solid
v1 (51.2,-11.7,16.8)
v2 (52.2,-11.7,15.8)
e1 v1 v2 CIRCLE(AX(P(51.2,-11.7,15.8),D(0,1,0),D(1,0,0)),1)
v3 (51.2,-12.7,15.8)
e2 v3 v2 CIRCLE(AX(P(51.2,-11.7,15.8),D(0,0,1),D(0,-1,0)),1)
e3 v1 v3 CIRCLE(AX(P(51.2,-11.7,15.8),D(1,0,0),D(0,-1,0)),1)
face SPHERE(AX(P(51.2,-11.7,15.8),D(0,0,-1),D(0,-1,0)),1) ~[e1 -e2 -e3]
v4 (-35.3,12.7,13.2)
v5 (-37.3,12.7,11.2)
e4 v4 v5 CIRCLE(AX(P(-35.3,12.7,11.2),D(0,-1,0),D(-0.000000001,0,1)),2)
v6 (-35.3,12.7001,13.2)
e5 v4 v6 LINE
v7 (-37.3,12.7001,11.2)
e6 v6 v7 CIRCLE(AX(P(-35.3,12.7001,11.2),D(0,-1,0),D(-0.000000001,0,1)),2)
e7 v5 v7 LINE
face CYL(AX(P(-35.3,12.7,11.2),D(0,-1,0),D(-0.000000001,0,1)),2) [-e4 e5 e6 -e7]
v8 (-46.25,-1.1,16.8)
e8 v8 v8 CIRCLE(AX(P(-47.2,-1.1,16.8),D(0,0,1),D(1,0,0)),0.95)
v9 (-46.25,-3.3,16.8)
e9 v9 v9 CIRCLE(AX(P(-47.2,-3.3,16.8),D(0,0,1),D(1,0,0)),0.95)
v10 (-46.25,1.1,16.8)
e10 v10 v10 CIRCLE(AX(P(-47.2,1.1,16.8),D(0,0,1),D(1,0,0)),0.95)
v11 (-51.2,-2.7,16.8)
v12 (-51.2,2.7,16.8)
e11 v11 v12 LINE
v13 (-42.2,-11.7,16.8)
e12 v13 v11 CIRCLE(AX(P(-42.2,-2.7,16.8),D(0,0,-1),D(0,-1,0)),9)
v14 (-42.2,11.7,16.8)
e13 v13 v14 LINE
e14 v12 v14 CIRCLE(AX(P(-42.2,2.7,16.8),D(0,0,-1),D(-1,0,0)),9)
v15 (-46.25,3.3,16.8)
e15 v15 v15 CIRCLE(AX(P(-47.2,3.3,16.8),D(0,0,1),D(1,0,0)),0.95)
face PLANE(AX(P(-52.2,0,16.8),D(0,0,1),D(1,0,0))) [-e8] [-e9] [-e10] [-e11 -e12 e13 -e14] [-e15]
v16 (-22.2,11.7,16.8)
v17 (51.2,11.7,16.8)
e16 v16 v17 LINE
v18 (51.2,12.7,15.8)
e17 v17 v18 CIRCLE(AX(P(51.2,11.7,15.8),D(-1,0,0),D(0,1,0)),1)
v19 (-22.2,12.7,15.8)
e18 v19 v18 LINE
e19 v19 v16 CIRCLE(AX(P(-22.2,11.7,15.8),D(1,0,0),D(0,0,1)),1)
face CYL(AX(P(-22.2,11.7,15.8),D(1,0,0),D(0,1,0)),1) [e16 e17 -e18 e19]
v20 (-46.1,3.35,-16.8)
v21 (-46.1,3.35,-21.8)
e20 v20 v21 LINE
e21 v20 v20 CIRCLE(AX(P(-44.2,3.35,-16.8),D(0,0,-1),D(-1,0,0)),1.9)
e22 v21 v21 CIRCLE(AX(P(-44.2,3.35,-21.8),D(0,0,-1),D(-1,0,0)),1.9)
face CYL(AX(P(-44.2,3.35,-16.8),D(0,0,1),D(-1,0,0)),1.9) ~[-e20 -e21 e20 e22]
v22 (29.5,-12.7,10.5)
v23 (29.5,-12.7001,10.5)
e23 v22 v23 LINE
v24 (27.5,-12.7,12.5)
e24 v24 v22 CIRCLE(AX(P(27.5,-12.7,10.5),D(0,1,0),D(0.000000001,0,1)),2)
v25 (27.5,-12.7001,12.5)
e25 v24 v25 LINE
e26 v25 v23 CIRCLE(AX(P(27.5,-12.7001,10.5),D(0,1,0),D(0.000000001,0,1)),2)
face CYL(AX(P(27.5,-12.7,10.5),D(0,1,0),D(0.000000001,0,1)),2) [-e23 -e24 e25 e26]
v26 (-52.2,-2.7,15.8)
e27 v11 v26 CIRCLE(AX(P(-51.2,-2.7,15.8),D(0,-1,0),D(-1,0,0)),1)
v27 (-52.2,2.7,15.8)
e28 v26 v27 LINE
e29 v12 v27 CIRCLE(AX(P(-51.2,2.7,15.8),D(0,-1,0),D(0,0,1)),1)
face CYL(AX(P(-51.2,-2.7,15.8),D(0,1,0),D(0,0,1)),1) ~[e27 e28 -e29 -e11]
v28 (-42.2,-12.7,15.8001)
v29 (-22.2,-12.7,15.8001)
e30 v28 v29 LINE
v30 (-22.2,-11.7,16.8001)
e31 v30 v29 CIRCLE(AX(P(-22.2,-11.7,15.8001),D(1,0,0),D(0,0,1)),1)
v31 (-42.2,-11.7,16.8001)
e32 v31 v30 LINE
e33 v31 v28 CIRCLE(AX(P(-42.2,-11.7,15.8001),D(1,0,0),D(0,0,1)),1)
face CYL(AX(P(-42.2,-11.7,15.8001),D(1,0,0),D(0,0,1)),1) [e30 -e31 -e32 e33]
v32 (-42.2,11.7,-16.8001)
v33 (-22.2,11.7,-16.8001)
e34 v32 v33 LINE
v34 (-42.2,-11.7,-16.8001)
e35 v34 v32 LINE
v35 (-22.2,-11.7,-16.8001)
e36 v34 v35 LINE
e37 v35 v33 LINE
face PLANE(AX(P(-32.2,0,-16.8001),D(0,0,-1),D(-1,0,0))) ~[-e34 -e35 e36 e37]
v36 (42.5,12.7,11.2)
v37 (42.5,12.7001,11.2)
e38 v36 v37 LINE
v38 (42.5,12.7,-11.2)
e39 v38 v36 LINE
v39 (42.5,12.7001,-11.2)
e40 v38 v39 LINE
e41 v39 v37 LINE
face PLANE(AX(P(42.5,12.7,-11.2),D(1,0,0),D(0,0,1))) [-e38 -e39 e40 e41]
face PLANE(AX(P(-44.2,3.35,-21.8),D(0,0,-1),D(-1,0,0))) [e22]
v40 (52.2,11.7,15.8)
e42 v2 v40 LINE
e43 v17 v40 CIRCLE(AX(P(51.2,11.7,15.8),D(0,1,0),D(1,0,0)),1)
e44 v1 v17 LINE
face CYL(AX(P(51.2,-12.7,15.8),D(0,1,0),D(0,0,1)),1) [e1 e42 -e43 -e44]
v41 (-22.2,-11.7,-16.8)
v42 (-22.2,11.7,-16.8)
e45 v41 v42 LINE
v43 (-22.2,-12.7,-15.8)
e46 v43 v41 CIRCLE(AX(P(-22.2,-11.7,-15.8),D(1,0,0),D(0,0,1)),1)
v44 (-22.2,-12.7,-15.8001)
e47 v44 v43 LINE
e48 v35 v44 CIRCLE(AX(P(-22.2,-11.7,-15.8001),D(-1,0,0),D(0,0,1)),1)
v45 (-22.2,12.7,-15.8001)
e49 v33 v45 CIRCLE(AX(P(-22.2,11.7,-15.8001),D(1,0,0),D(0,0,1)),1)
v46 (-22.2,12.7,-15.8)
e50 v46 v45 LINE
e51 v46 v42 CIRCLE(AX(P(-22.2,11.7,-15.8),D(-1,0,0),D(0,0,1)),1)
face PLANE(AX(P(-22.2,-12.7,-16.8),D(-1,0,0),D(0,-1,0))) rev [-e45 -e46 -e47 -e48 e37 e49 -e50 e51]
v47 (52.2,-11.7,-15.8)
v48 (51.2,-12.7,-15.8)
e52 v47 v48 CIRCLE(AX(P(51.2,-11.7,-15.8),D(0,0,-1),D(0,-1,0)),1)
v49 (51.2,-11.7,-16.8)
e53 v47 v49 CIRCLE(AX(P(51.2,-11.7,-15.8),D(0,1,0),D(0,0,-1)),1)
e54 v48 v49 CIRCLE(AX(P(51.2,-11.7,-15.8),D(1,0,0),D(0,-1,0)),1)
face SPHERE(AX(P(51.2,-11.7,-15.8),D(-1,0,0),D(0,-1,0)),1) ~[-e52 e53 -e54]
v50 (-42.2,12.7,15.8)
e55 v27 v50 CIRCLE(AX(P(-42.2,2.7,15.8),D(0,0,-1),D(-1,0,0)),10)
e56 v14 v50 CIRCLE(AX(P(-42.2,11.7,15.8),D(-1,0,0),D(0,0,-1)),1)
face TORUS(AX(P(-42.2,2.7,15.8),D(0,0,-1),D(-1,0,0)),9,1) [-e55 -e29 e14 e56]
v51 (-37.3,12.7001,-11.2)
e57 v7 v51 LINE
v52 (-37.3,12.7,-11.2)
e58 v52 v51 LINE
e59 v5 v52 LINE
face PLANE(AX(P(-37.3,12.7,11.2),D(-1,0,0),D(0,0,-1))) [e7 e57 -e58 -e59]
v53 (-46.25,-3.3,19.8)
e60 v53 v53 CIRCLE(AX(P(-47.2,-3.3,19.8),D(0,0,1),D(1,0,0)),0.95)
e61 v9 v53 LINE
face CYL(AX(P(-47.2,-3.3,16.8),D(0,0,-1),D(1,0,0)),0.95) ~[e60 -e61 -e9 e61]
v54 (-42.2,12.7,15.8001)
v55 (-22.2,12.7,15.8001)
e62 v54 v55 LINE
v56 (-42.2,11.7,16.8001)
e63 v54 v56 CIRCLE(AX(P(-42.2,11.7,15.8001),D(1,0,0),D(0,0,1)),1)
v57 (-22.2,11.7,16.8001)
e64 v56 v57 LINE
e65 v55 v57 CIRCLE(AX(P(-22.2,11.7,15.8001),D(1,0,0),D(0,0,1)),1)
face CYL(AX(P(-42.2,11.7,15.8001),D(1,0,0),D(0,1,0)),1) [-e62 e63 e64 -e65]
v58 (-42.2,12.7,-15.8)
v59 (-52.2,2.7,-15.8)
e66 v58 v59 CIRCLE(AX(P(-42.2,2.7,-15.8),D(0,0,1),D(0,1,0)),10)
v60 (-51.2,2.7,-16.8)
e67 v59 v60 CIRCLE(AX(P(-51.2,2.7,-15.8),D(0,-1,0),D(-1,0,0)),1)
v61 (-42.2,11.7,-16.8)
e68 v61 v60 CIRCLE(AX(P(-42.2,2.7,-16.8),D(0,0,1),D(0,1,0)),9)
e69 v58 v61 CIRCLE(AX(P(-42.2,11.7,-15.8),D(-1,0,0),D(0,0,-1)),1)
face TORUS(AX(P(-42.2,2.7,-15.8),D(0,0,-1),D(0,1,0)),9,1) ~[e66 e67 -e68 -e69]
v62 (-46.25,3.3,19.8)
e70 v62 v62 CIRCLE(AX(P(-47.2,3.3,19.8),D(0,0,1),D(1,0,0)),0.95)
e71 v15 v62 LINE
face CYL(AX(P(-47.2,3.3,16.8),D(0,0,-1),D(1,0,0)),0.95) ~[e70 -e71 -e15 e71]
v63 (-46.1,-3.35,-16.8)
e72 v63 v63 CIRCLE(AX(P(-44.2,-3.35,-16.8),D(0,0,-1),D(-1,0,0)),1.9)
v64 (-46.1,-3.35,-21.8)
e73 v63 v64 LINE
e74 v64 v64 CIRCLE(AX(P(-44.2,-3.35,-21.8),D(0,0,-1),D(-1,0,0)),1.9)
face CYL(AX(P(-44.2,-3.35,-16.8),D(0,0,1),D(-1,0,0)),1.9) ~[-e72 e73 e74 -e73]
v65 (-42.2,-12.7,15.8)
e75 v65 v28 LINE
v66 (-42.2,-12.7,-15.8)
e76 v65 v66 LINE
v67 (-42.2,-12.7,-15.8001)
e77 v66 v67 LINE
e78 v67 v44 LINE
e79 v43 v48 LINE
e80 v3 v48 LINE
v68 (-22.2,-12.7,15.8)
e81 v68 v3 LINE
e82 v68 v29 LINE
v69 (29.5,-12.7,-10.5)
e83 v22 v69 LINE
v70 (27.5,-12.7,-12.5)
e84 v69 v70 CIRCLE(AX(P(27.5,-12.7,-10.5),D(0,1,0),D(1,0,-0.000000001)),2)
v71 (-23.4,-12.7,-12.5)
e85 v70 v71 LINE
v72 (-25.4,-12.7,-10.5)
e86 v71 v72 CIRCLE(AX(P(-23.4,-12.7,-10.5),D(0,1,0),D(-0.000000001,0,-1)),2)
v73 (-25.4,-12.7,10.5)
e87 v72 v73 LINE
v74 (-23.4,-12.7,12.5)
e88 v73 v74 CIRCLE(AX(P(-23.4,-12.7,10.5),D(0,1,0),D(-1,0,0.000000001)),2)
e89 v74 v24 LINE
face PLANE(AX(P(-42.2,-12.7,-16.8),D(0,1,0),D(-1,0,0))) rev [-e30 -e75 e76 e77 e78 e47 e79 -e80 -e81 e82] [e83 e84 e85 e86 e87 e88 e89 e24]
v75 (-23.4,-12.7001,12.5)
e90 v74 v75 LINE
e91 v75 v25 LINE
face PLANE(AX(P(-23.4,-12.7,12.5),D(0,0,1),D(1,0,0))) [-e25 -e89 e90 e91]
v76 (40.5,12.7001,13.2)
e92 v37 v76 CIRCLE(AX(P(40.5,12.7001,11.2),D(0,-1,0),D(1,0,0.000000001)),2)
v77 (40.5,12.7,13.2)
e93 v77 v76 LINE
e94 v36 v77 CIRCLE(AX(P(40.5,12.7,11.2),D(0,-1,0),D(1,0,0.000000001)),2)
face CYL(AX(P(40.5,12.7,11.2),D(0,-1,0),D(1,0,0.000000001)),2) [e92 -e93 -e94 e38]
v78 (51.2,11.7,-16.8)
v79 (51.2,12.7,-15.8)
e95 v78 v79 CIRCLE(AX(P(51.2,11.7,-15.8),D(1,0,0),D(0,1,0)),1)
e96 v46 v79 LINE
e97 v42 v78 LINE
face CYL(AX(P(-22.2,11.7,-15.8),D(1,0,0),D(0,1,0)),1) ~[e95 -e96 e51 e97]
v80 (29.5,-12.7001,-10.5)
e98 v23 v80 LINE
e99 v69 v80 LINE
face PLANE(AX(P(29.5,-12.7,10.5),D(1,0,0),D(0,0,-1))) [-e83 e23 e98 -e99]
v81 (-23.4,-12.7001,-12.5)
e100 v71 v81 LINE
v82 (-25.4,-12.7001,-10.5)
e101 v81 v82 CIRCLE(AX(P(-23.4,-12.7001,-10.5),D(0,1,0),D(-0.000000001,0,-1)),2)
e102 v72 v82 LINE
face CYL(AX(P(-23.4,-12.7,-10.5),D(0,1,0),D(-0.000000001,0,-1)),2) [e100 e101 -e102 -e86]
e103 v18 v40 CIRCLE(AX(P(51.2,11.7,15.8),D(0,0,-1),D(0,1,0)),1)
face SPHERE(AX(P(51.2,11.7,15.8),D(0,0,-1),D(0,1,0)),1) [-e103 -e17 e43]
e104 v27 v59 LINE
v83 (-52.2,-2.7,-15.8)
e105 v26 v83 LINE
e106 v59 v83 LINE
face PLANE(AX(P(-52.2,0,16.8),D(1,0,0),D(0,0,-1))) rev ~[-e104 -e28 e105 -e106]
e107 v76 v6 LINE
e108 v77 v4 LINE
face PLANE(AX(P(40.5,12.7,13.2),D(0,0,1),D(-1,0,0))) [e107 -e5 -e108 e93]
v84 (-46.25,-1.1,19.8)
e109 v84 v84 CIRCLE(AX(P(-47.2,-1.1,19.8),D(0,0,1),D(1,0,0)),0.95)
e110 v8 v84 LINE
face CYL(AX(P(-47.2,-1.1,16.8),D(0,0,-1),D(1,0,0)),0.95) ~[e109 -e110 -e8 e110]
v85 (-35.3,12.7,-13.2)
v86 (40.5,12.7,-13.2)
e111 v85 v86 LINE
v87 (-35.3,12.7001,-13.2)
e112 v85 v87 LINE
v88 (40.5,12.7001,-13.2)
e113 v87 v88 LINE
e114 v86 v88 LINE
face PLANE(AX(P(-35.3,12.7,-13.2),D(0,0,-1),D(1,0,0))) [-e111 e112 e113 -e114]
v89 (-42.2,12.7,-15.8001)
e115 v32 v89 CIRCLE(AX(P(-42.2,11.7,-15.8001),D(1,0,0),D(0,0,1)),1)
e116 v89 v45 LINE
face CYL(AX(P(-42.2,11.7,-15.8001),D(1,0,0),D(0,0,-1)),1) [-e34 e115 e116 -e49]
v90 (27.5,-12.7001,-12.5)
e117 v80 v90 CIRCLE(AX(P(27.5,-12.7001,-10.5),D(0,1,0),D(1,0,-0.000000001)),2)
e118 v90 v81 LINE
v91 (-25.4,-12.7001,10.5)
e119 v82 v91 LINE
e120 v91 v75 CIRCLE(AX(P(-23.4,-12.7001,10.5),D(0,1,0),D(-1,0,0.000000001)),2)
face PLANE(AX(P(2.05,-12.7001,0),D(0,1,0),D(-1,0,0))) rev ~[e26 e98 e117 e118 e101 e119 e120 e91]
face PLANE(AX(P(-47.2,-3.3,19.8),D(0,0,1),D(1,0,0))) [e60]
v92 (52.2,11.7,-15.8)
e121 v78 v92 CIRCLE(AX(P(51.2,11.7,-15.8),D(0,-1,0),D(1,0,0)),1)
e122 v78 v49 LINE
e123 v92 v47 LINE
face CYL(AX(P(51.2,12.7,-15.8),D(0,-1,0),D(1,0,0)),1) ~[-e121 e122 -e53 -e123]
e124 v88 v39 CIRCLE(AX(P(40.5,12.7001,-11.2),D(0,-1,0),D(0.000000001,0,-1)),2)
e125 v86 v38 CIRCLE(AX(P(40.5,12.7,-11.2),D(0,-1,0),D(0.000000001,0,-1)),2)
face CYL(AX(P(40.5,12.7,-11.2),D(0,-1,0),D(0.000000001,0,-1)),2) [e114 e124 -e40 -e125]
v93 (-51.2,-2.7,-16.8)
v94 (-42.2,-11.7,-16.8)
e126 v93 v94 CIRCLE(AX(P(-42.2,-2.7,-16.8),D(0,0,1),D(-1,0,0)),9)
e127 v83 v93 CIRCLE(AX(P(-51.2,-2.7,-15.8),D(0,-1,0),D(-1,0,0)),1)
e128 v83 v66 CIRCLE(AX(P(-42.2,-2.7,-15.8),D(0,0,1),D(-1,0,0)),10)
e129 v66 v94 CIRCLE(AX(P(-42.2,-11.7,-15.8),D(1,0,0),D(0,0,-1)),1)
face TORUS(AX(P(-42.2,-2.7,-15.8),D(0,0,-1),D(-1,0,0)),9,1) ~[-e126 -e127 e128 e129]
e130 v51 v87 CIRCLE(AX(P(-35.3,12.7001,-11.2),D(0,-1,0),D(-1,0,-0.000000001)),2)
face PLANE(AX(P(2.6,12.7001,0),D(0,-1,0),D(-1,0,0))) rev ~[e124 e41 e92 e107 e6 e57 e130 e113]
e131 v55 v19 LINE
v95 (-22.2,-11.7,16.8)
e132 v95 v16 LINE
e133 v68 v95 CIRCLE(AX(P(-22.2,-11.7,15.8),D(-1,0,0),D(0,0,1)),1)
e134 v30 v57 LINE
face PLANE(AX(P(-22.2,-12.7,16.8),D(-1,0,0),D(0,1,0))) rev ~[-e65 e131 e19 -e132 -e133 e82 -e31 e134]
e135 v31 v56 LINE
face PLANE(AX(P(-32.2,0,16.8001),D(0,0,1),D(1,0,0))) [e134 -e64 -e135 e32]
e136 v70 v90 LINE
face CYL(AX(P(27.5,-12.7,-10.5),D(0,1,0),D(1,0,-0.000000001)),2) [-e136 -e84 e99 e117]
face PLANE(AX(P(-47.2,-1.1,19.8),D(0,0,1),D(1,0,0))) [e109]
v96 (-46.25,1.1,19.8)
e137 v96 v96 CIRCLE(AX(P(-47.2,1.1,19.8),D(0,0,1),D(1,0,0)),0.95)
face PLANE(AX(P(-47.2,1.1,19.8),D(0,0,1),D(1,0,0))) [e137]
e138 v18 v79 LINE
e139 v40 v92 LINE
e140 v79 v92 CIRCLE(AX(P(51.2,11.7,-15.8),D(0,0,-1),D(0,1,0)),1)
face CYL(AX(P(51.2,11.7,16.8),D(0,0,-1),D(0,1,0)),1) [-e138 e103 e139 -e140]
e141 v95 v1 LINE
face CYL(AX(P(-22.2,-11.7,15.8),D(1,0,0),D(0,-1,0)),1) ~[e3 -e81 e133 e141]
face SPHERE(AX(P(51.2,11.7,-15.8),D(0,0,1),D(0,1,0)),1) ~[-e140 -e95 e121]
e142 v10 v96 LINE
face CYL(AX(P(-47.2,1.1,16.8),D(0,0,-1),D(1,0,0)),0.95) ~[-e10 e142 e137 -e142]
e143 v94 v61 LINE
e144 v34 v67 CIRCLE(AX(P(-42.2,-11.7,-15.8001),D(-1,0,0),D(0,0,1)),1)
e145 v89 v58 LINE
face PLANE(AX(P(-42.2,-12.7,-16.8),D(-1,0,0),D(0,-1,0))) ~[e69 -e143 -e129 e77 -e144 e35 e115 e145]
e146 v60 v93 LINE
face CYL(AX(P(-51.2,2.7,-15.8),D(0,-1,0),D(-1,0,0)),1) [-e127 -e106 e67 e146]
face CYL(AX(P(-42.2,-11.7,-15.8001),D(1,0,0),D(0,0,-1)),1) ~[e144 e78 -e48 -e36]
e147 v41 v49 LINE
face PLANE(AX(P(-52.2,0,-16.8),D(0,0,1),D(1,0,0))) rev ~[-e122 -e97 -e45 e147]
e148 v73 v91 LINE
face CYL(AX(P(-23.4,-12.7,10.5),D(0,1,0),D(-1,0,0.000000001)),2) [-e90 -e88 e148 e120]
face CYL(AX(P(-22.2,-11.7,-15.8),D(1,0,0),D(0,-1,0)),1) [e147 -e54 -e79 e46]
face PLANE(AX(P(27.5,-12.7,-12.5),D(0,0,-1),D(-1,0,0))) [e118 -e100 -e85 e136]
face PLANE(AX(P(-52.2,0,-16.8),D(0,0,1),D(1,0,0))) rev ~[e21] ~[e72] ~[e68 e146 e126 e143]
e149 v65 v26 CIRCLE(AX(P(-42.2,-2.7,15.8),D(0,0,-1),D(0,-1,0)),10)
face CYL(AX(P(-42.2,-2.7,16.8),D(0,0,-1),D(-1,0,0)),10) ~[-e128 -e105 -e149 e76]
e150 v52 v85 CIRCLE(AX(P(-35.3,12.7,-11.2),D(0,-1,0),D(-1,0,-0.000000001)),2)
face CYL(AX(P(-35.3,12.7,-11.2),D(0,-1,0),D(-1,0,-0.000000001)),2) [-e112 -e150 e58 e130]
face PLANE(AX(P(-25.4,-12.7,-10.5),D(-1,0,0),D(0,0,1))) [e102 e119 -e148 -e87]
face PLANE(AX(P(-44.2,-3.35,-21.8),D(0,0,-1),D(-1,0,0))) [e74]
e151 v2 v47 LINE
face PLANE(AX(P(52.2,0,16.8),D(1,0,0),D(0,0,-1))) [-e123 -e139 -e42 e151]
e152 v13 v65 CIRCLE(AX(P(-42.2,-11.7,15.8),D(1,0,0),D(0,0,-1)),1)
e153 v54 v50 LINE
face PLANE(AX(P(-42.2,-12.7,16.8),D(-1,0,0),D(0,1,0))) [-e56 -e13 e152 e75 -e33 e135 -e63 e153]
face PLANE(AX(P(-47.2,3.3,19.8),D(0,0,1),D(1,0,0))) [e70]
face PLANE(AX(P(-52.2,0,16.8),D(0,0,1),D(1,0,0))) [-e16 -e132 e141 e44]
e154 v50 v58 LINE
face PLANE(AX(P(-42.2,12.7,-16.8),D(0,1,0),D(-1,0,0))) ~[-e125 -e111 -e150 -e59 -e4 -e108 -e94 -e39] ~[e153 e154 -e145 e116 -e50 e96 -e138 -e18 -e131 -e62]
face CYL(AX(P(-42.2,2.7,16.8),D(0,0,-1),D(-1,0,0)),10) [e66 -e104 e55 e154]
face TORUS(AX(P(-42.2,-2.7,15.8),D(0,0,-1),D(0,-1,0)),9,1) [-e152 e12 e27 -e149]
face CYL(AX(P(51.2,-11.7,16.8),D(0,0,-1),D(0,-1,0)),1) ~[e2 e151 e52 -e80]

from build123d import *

# Parameters (mm, degrees)
SKETCH1_W           = 104.4
SKETCH1_H           = 33.6
BOSS_EXTRUDE1_DEPTH = 12.7
FILLET1_R           = 10
SKETCH2_R           = 1.9
BOSS_EXTRUDE2_DEPTH = 5
SKETCH4_R           = 0.95
BOSS_EXTRUDE3_DEPTH = 3
SKETCH5_W           = 20
SKETCH5_H           = 25.4
BOSS_EXTRUDE4_DEPTH = 0.0001
BOSS_EXTRUDE5_DEPTH = 0.0001
BOSS_EXTRUDE6_DEPTH = 0.0001
FILLET7_R           = 1
FILLET8_R           = 1


with BuildPart() as part:
    # Sketch1 → Boss-Extrude1 (new body, symmetric)
    with BuildSketch(Plane(origin=(0, 0, 0), x_dir=(1, 0, 0), z_dir=(0, 1, 0))):
        Rectangle(SKETCH1_W, SKETCH1_H)
    extrude(amount=BOSS_EXTRUDE1_DEPTH, both=True)

    # Fillet1
    fillet1_edges = [part.edges().sort_by_distance(p)[0] for p in [
        (-52.2, 12.7, 0),
        (-52.2, -12.7, 0),
    ]]
    fillet(fillet1_edges, radius=FILLET1_R)

    # Sketch2 → Boss-Extrude2 (add)
    with BuildSketch(Plane(origin=(0, 0, -16.8), x_dir=(-1, 0, 0), z_dir=(0, 0, -1))):
        with Locations((44.2, 3.35)):
            Circle(SKETCH2_R)
        with Locations((44.2, -3.35)):
            Circle(SKETCH2_R)
    extrude(amount=BOSS_EXTRUDE2_DEPTH)

    # Sketch4 → Boss-Extrude3 (add)
    with BuildSketch(Plane.XY.offset(16.8)):
        with Locations((-47.2, 3.3)):
            Circle(SKETCH4_R)
        with Locations((-47.2, 1.1)):
            Circle(SKETCH4_R)
        with Locations((-47.2, -1.1)):
            Circle(SKETCH4_R)
        with Locations((-47.2, -3.3)):
            Circle(SKETCH4_R)
    extrude(amount=BOSS_EXTRUDE3_DEPTH)

    # Sketch5 → Boss-Extrude4 (add)
    with BuildSketch(Plane.XY.offset(16.8)):
        with Locations((-32.2, 0)):
            Rectangle(SKETCH5_W, SKETCH5_H)
    boss_extrude4 = extrude(amount=BOSS_EXTRUDE4_DEPTH)

    # Mirror1: Boss-Extrude4 across plane
    add(boss_extrude4.mirror(Plane.XY))

    # Mirror1 at the second plane: Boss-Extrude4 across plane
    add(boss_extrude4.mirror(Plane.ZX))

    # Sketch6 → Boss-Extrude5 (add)
    with BuildSketch(Plane(origin=(0, 12.7, 0), x_dir=(1, 0, 0), z_dir=(0, 1, 0))):
        with BuildLine():
            Line((-35.3, 13.2), (40.5, 13.2))
            ThreePointArc((40.5, 13.2), (41.914213562, 12.614213562), (42.5, 11.2))
            Line((42.5, 11.2), (42.5, -11.2))
            ThreePointArc((42.5, -11.2), (41.914213562, -12.614213562), (40.5, -13.2))
            Line((40.5, -13.2), (-35.3, -13.2))
            ThreePointArc((-35.3, -13.2), (-36.714213562, -12.614213562), (-37.3, -11.2))
            Line((-37.3, -11.2), (-37.3, 11.2))
            ThreePointArc((-37.3, 11.2), (-36.714213562, 12.614213562), (-35.3, 13.2))
        make_face()
    extrude(amount=BOSS_EXTRUDE5_DEPTH)

    # Sketch7 → Boss-Extrude6 (add)
    with BuildSketch(Plane.XZ.offset(12.7)):
        with BuildLine():
            Line((-23.4, 12.5), (27.5, 12.5))
            ThreePointArc((27.5, 12.5), (28.914213562, 11.914213562), (29.5, 10.5))
            Line((29.5, 10.5), (29.5, -10.5))
            ThreePointArc((29.5, -10.5), (28.914213562, -11.914213562), (27.5, -12.5))
            Line((27.5, -12.5), (-23.4, -12.5))
            ThreePointArc((-23.4, -12.5), (-24.814213562, -11.914213562), (-25.4, -10.5))
            Line((-25.4, -10.5), (-25.4, 10.5))
            ThreePointArc((-25.4, 10.5), (-24.814213562, 11.914213562), (-23.4, 12.5))
        make_face()
    extrude(amount=BOSS_EXTRUDE6_DEPTH)

    # Fillet7
    fillet7_edges = [part.edges().sort_by_distance(p)[0] for p in [
        (52.2, 12.7, 0),
        (-52.2, 0, 16.8),
        (-52.2, 0, -16.8),
        (15, 12.7, -16.8),
        (-49.271067812, 9.771067812, 16.8),
        (-49.271067812, -9.771067812, 16.8),
        (-49.271067812, 9.771067812, -16.8),
        (-49.271067812, -9.771067812, -16.8),
        (15, -12.7, -16.8),
        (52.2, -12.7, 0),
        (15, -12.7, 16.8),
        (15, 12.7, 16.8),
        (52.2, 0, -16.8),
        (52.2, 0, 16.8),
    ]]
    fillet(fillet7_edges, radius=FILLET7_R)

    # Fillet8
    fillet8_edges = [part.edges().sort_by_distance(p)[0] for p in [
        (-32.2, -12.7, 16.8001),
        (-32.2, 12.7, 16.8001),
        (-32.2, 12.7, -16.8001),
        (-32.2, -12.7, -16.8001),
    ]]
    fillet(fillet8_edges, radius=FILLET8_R)


solid = part.part
